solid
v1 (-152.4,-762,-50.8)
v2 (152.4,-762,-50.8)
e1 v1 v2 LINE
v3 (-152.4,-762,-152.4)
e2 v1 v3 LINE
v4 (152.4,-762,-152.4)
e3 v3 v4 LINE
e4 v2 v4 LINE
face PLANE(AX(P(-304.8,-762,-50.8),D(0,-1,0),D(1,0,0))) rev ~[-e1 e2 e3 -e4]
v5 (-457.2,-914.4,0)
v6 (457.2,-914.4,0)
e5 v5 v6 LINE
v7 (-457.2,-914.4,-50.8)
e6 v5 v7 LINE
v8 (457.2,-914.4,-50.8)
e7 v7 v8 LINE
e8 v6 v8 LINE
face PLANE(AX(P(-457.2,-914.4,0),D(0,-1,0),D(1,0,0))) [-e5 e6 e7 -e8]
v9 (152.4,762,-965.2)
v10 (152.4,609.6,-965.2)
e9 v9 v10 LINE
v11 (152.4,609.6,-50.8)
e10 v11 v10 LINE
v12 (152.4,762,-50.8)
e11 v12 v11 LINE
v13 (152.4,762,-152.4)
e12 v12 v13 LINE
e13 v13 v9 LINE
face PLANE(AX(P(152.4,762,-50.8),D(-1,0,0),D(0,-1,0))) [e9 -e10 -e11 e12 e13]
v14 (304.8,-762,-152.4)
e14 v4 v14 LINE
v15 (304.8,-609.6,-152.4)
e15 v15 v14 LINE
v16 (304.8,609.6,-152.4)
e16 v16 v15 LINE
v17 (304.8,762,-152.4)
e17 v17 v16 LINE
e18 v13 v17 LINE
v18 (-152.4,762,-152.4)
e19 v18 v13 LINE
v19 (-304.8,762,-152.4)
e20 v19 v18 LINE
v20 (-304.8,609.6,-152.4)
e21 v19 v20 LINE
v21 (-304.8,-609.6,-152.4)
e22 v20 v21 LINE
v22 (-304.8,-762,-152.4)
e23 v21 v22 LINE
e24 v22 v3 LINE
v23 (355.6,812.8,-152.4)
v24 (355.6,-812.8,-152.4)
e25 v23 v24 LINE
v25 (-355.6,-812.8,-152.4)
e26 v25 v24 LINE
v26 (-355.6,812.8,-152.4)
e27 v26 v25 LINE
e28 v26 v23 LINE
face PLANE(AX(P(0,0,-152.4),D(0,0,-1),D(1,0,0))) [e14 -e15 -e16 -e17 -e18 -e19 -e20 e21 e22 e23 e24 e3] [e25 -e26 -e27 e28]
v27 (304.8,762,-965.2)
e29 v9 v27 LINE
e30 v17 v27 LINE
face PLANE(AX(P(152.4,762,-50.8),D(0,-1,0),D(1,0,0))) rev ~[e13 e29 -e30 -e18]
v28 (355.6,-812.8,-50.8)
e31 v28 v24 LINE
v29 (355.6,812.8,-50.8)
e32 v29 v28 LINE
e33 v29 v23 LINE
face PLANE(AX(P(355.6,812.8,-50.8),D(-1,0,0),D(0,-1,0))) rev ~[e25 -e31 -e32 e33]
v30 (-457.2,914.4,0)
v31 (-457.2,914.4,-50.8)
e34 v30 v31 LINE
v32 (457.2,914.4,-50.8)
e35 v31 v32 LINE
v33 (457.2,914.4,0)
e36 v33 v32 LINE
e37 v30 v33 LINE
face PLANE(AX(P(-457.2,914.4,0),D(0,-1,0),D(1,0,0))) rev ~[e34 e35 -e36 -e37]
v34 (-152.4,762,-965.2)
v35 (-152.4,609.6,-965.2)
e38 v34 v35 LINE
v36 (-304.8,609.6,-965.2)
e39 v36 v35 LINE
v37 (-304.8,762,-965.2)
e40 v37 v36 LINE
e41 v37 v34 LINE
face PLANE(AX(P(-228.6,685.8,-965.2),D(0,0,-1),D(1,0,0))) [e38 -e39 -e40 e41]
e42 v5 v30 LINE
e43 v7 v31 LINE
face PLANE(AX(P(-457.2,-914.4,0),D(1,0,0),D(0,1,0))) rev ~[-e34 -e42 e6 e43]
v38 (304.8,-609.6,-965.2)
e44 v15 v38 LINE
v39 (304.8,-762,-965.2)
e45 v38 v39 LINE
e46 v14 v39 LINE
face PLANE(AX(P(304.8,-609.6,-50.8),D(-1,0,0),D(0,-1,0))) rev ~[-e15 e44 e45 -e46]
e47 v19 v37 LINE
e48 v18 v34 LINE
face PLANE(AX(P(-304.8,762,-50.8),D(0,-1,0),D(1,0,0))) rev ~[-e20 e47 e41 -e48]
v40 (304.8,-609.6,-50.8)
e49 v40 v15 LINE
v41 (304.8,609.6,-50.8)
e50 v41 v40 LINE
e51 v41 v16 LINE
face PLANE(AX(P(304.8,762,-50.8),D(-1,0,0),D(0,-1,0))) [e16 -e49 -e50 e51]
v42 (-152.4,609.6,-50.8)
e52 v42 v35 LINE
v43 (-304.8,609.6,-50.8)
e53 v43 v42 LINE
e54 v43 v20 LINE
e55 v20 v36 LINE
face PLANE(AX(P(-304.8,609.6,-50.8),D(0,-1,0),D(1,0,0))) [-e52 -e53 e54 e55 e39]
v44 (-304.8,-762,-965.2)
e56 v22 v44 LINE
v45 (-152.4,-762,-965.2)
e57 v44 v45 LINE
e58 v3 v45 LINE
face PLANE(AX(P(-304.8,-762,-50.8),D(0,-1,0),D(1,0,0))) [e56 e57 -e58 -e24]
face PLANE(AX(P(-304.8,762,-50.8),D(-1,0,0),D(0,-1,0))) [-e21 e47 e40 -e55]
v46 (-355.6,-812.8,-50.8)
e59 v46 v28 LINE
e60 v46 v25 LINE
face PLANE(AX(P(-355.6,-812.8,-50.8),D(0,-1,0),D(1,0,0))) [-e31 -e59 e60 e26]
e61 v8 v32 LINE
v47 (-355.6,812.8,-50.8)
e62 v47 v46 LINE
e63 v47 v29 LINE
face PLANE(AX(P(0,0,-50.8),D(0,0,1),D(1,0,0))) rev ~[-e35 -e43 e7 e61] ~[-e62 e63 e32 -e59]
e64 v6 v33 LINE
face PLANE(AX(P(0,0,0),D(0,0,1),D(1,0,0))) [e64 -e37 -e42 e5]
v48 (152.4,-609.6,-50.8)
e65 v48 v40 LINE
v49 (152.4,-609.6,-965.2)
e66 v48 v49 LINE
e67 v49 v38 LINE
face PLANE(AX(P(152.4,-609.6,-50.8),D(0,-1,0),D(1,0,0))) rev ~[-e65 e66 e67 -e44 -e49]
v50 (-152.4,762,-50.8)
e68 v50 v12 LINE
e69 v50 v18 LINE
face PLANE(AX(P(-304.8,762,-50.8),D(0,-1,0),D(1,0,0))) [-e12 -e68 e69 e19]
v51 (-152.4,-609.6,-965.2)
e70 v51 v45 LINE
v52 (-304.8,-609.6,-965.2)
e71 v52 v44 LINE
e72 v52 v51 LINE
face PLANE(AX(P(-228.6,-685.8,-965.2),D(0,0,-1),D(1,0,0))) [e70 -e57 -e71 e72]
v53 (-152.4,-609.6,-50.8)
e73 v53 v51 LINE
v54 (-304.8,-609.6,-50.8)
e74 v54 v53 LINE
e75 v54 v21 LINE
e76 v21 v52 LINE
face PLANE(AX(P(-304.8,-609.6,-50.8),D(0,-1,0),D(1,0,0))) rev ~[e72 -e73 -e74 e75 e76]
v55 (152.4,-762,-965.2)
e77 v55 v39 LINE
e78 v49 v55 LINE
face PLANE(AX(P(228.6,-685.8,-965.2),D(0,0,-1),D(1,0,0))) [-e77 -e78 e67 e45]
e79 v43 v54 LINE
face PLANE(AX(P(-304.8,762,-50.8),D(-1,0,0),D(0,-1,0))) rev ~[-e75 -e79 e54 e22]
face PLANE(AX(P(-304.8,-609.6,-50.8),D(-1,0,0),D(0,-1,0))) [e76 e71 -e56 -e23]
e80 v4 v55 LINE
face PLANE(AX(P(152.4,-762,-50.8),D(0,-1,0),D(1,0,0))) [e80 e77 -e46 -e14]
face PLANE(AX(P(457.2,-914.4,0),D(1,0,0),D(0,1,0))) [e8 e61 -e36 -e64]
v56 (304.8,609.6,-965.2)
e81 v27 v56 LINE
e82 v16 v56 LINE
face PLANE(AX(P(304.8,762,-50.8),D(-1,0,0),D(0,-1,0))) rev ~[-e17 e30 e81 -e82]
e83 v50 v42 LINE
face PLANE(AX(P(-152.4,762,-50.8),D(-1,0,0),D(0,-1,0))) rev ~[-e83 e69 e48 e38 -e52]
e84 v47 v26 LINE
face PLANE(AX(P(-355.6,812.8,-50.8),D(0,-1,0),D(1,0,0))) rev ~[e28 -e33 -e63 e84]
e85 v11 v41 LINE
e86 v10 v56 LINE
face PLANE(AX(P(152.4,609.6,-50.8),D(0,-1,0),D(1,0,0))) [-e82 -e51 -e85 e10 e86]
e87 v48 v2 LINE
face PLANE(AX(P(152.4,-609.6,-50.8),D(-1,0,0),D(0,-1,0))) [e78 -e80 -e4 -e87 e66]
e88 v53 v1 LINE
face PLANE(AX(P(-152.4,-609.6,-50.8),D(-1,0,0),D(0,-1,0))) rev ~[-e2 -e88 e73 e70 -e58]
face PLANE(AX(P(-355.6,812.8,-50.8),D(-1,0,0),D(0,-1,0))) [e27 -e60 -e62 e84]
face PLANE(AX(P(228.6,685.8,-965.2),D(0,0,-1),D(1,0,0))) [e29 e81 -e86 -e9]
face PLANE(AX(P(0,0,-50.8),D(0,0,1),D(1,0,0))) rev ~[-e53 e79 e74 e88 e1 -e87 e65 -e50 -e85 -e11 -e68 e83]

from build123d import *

# Parameters (mm, degrees)
F0_W     = 914.4
F0_H     = 1828.8
F1_DEPTH = 50.8
F2_W     = 711.2
F2_H     = 1625.6
F2_W_2   = 609.6
F2_H_2   = 1524
F3_DEPTH = 101.6
F5_W     = 152.4
F5_H     = 152.4
F4_DEPTH = 914.4


with BuildPart() as f1:
    # F0 (on Top) → F1 (new body)
    with BuildSketch(Plane.XY):
        Rectangle(F0_W, F0_H)
    extrude(amount=-F1_DEPTH)

    # F2 (on face) → F3 (join)
    with BuildSketch(Plane(origin=(0, 0, -50.8), x_dir=(1, 0, 0), z_dir=(0, 0, -1))):
        Rectangle(F2_W, F2_H)
        Rectangle(F2_W_2, F2_H_2, mode=Mode.SUBTRACT)
    extrude(amount=F3_DEPTH)

    # F5 (on face) → F4 (join)
    with BuildSketch(Plane(origin=(0, 0, -50.8), x_dir=(1, 0, 0), z_dir=(0, 0, -1))):
        with Locations((-228.6, -685.8)):
            Rectangle(F5_W, F5_H)
        with Locations((-228.6, 685.8)):
            Rectangle(F5_W, F5_H)
        with Locations((228.6, -685.8)):
            Rectangle(F5_W, F5_H)
        with Locations((228.6, 685.8)):
            Rectangle(F5_W, F5_H)
    extrude(amount=F4_DEPTH)


solid = f1.part
